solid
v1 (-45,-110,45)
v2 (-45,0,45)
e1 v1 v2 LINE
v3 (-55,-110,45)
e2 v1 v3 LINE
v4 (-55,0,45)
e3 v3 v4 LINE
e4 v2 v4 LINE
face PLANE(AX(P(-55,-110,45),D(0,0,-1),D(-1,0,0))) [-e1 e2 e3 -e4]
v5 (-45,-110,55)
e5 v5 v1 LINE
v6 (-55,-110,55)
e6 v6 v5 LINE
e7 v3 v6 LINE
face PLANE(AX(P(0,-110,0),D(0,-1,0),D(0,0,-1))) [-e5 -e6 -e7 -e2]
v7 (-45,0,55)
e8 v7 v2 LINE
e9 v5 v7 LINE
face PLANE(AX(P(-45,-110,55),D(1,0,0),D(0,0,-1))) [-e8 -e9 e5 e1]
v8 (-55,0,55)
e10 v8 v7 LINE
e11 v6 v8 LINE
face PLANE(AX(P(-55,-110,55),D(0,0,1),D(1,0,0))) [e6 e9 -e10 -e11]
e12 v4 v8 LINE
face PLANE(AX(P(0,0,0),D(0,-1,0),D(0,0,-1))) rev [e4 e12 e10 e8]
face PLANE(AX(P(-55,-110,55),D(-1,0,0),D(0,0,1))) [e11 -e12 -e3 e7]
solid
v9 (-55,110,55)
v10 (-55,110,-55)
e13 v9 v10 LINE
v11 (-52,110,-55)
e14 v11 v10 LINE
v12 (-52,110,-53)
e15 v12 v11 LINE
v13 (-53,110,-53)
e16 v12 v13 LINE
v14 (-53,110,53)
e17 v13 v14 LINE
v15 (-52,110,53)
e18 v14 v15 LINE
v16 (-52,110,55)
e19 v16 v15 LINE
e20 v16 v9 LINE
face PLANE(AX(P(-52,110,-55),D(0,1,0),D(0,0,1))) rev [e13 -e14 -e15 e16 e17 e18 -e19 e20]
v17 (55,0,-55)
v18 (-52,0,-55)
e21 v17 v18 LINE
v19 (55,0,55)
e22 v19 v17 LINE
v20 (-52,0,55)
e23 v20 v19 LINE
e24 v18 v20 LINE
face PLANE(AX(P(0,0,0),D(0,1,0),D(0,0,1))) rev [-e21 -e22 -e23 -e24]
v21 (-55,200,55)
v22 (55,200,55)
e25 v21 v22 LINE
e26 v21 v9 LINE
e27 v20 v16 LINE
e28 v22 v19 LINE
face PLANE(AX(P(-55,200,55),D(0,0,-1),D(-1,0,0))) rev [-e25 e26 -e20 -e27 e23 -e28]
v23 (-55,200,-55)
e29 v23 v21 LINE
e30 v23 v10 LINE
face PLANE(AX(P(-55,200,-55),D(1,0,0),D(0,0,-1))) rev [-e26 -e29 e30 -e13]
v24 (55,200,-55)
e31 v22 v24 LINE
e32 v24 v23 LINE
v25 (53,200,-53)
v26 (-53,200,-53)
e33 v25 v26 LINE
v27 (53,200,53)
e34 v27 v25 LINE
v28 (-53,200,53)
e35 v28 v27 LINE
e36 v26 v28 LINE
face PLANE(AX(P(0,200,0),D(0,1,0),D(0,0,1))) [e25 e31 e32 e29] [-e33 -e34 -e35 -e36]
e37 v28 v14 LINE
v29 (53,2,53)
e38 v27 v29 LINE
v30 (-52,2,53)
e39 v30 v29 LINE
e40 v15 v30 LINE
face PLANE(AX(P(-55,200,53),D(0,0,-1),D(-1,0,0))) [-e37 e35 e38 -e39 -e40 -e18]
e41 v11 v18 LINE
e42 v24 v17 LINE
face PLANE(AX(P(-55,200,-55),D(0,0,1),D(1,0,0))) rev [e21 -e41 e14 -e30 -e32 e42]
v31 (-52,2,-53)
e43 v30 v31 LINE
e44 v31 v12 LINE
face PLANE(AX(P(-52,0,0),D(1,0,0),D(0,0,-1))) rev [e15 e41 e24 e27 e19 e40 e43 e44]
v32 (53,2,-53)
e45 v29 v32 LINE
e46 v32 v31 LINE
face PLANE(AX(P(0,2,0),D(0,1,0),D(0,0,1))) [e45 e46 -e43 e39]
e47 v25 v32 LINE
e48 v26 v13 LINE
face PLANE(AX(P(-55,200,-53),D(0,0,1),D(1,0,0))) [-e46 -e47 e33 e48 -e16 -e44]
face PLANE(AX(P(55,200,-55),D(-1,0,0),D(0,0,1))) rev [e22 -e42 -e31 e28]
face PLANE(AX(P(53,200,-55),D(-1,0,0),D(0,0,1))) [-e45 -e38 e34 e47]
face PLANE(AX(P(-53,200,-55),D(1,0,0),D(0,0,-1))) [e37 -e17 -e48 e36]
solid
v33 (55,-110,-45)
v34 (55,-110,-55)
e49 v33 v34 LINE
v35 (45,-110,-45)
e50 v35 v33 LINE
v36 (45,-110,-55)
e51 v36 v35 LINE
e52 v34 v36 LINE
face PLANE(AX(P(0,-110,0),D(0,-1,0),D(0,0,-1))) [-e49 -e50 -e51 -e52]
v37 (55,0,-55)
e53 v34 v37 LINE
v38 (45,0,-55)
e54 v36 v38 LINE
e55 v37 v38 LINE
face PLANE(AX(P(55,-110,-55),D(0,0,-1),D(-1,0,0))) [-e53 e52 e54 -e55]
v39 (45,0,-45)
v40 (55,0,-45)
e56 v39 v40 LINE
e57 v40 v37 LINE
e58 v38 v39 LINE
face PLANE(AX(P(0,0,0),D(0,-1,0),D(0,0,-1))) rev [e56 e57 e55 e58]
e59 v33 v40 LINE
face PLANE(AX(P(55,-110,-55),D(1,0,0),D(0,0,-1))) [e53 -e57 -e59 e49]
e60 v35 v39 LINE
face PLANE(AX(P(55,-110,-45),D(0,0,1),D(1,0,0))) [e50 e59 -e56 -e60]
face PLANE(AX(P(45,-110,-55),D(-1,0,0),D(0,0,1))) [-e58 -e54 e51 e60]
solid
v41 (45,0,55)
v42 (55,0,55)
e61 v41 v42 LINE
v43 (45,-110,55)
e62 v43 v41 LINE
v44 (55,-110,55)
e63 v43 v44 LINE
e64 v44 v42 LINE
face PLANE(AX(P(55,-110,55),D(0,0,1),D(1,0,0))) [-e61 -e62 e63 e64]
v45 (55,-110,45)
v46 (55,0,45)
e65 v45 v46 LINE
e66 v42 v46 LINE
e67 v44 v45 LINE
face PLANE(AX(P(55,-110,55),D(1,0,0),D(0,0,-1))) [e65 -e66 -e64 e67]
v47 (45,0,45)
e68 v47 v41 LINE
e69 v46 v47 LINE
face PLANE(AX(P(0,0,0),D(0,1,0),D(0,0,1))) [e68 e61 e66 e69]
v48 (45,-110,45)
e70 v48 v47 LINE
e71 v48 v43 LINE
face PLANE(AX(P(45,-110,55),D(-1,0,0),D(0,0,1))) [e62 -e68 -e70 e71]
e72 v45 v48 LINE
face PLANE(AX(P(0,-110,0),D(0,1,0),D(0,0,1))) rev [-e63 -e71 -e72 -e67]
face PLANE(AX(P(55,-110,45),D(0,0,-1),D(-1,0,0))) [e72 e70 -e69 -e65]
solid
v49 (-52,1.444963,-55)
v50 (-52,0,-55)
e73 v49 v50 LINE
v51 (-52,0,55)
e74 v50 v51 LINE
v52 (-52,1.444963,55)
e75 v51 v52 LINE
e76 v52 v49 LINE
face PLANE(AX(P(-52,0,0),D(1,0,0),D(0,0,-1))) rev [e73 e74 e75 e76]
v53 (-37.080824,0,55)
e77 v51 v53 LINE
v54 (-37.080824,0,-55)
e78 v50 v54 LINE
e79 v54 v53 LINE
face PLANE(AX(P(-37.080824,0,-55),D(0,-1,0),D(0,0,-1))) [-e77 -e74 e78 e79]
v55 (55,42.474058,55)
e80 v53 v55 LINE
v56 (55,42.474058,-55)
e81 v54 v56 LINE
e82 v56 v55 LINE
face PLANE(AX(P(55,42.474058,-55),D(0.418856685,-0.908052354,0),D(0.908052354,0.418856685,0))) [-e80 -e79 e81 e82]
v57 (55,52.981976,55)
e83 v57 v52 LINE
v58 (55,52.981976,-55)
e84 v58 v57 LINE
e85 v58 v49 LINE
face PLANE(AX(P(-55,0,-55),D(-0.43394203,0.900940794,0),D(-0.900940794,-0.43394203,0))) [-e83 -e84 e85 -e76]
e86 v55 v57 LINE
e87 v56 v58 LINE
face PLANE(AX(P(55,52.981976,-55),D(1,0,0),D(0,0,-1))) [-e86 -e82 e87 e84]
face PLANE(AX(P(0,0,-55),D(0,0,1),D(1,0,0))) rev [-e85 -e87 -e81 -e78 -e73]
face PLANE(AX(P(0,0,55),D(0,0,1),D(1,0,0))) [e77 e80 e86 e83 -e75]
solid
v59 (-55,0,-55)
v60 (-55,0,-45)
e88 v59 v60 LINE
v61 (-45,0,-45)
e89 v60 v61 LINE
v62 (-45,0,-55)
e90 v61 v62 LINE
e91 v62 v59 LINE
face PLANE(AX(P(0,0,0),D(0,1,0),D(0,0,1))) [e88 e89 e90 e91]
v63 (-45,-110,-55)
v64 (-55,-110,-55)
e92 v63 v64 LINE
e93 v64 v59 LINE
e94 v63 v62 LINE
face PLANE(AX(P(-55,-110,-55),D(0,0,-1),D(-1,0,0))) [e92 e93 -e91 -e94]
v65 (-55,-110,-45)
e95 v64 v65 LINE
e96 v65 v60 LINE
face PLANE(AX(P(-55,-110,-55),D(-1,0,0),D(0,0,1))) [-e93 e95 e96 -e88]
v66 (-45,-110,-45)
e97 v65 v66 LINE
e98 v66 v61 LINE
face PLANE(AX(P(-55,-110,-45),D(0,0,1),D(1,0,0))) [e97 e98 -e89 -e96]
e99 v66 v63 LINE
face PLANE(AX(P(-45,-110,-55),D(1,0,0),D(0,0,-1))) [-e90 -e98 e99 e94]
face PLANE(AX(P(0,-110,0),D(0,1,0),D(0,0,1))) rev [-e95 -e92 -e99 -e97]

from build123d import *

# Parameters (mm, degrees)
SKETCH1_W                = 110
SKETCH1_H                = 110
BOSS_EXTRUDE1_DEPTH      = 200
SHELL1_T                 = -2
SKETCH2_W                = 10
SKETCH2_H                = 10
BOSS_EXTRUDE2_DEPTH      = 110
BOSS_EXTRUDE2_2_DEPTH    = 110
BOSS_EXTRUDE2_3_DEPTH    = 110
BOSS_EXTRUDE2_4_DEPTH    = 110
BOSS_EXTRUDE3_DEPTH      = 55
BOSS_EXTRUDE3_DEPTH_BACK = 55
SKETCH4_W                = 110
SKETCH4_H                = 110
CUT_EXTRUDE1_DEPTH       = 3


with BuildPart() as part:
    # Sketch1 → Boss-Extrude1 (new body)
    with BuildSketch(Plane(origin=(0, 0, 0), x_dir=(1, 0, 0), z_dir=(0, 1, 0))):
        Rectangle(SKETCH1_W, SKETCH1_H)
    extrude(amount=BOSS_EXTRUDE1_DEPTH)

    # Shell1
    shell1_openings = [part.faces().sort_by_distance(p)[0] for p in [
        (0, 200, 0),
    ]]
    offset(amount=SHELL1_T, openings=shell1_openings, kind=Kind.INTERSECTION)


with BuildPart() as body_2:
    # Sketch2 → Boss-Extrude2 (new body)
    with BuildSketch(Plane(origin=(0, 0, 0), x_dir=(1, 0, 0), z_dir=(0, 1, 0))):
        with Locations((50, -50)):
            Rectangle(SKETCH2_W, SKETCH2_H)
    extrude(amount=-BOSS_EXTRUDE2_DEPTH)


with BuildPart() as body_3:
    # Sketch2 → Boss-Extrude2 2 (new body)
    with BuildSketch(Plane(origin=(0, 0, 0), x_dir=(1, 0, 0), z_dir=(0, 1, 0))):
        with Locations((50, 50)):
            Rectangle(SKETCH2_W, SKETCH2_H)
    extrude(amount=-BOSS_EXTRUDE2_2_DEPTH)


with BuildPart() as body_4:
    # Sketch2 → Boss-Extrude2 3 (new body)
    with BuildSketch(Plane(origin=(0, 0, 0), x_dir=(1, 0, 0), z_dir=(0, 1, 0))):
        with Locations((-50, -50)):
            Rectangle(SKETCH2_W, SKETCH2_H)
    extrude(amount=-BOSS_EXTRUDE2_3_DEPTH)


with BuildPart() as body_5:
    # Sketch2 → Boss-Extrude2 4 (new body)
    with BuildSketch(Plane(origin=(0, 0, 0), x_dir=(1, 0, 0), z_dir=(0, 1, 0))):
        with Locations((-50, 50)):
            Rectangle(SKETCH2_W, SKETCH2_H)
    extrude(amount=-BOSS_EXTRUDE2_4_DEPTH)


with BuildPart() as body_6:
    # Sketch3 → Boss-Extrude3 (new body, two sides)
    with BuildSketch(Plane.XY) as boss_extrude3_sk:
        Polygon((-55, 0), (55, 52.981975722), (55, 42.474058316), (-37.080823924, 0), align=None)
    extrude(amount=BOSS_EXTRUDE3_DEPTH)
    extrude(boss_extrude3_sk.sketch, amount=-BOSS_EXTRUDE3_DEPTH_BACK)


with BuildPart() as cut_extrude1_tool:
    # Sketch4 → Cut-Extrude1 (new body)
    with BuildSketch(Plane.ZY.offset(55)):
        with Locations((0, 55)):
            Rectangle(SKETCH4_W, SKETCH4_H)
    extrude(amount=-CUT_EXTRUDE1_DEPTH)


with BuildPart() as part_1:
    add(part.part)

    # Cut-Extrude1: cut by cut_extrude1_tool
    add(cut_extrude1_tool.part, mode=Mode.SUBTRACT)


with BuildPart() as body_6_1:
    add(body_6.part)

    # Cut-Extrude1: cut by cut_extrude1_tool
    add(cut_extrude1_tool.part, mode=Mode.SUBTRACT)


solid = Compound([body_2.part, body_3.part, body_4.part, body_5.part, part_1.part, body_6_1.part])
